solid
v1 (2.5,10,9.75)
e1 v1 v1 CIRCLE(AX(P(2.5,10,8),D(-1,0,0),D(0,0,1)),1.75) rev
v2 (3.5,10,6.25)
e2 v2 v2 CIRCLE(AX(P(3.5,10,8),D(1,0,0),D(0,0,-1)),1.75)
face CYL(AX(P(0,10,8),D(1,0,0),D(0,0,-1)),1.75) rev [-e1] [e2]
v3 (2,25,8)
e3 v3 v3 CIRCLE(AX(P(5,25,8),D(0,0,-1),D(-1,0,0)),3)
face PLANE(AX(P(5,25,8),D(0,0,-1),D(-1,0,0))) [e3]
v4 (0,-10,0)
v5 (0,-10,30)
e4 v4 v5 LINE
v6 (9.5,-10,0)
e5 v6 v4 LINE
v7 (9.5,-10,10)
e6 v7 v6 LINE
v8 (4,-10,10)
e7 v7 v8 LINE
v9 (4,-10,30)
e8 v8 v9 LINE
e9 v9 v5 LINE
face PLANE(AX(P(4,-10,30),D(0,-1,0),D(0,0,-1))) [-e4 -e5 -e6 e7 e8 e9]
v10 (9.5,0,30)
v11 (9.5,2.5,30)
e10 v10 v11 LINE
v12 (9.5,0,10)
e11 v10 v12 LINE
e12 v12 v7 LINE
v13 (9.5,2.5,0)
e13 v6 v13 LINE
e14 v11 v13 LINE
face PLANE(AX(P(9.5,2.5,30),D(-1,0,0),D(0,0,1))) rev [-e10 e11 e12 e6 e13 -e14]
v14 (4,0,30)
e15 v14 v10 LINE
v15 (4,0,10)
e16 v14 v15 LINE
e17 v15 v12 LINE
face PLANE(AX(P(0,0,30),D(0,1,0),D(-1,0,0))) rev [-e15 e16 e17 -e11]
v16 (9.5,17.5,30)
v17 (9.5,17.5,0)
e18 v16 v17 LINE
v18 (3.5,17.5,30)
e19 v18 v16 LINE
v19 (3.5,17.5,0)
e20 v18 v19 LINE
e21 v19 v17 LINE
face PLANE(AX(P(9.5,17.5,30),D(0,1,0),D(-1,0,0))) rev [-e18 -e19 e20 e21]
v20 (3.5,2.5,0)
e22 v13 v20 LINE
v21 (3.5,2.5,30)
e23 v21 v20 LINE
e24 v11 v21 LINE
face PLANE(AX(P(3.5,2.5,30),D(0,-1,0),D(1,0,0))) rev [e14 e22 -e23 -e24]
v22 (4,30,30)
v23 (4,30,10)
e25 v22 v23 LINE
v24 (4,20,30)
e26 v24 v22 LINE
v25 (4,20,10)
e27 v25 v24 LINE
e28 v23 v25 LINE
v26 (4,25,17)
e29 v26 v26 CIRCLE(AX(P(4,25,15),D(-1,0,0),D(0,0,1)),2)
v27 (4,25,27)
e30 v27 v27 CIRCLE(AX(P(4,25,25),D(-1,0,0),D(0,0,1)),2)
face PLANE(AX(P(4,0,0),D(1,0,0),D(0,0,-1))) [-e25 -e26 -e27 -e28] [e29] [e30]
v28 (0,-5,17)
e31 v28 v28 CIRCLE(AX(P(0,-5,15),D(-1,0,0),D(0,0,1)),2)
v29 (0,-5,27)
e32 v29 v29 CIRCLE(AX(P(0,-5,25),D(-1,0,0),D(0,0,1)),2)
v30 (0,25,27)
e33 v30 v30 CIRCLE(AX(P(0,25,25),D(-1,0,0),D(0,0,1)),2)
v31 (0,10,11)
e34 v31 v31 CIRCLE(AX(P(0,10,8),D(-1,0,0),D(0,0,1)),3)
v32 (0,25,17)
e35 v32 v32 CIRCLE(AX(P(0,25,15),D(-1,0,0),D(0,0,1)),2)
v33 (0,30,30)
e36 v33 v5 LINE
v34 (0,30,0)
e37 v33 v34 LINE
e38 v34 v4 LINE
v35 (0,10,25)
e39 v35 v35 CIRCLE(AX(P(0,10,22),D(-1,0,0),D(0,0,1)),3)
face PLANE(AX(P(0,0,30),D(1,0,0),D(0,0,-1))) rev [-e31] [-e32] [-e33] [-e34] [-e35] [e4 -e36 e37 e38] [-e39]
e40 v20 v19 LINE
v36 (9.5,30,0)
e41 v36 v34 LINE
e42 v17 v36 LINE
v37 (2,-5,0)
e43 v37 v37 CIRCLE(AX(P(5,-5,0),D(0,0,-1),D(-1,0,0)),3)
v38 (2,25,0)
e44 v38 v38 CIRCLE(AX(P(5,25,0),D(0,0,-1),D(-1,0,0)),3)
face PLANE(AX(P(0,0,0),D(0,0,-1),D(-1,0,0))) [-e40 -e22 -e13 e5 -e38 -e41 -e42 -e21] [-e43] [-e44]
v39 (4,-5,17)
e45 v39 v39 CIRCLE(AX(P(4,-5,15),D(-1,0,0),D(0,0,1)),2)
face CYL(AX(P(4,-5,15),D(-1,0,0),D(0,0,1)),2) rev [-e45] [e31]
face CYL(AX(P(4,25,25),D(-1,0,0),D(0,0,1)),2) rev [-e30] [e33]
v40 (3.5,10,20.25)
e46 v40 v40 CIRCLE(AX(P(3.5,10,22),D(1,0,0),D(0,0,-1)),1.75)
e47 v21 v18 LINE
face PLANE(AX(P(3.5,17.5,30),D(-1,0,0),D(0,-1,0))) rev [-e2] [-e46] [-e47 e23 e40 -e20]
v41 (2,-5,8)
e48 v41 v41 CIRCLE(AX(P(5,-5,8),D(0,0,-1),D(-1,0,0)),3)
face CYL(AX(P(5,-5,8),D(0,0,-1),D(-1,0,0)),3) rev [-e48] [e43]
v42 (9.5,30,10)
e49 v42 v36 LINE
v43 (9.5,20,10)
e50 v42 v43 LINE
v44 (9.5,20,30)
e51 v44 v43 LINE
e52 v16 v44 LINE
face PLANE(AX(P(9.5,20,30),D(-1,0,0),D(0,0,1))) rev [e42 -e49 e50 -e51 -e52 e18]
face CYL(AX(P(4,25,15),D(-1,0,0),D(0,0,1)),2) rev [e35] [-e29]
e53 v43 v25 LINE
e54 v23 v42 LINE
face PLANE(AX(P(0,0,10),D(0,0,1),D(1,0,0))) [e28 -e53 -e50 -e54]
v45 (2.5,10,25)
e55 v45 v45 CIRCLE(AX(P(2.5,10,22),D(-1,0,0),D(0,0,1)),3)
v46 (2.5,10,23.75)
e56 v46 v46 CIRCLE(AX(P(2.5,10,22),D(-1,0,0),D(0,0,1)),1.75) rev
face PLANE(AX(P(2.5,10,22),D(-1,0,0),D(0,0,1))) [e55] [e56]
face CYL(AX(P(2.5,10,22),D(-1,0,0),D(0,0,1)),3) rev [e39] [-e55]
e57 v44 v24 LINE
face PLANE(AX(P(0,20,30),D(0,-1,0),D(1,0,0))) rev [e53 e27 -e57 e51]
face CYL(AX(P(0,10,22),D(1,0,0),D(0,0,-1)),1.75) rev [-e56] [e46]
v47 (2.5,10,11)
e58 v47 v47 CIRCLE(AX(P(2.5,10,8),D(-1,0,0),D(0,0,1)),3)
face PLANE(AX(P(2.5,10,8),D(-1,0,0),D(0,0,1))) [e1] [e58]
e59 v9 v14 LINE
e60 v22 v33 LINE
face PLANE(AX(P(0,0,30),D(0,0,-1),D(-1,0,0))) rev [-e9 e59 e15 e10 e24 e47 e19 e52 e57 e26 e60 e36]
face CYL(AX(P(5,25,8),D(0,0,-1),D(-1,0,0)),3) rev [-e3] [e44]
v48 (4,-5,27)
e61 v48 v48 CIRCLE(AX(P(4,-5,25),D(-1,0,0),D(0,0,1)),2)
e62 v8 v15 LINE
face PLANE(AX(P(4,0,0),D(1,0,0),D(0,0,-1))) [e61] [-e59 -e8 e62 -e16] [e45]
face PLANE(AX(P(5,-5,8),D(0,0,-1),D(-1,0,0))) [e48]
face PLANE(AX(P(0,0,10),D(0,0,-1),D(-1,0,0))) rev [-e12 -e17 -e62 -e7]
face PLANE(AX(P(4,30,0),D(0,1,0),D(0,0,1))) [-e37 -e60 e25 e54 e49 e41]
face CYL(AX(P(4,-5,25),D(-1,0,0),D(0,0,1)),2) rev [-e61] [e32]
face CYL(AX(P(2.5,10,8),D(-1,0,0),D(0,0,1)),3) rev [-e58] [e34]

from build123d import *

# Parameters (mm, degrees)
BOSS_EXTRU_1_DEPTH      = 30
ESQUISSE2_R             = 1.75
ENL_V_MAT_EXTRU_1_DEPTH = 37.551333765
ESQUISSE3_R             = 3
ENL_V_MAT_EXTRU_2_DEPTH = 2.5
ESQUISSE4_W             = 30
ESQUISSE4_H             = 10
ESQUISSE4_R             = 2
BOSS_EXTRU_2_DEPTH      = 4
ESQUISSE5_W             = 9.5
ESQUISSE5_H             = 12.5
ESQUISSE5_H_2           = 10
BOSS_EXTRU_3_DEPTH      = 10
ESQUISSE6_R             = 3
ENL_V_MAT_EXTRU_3_DEPTH = 8


with BuildPart() as part:
    # Esquisse1 → Boss.-Extru.1 (new body)
    with BuildSketch(Plane.XY):
        Polygon((9.5, 20), (9.5, 17.5), (3.5, 17.5), (3.5, 2.5), (9.5, 2.5), (9.5, 0), (0, 0), (0, 20), align=None)
    extrude(amount=BOSS_EXTRU_1_DEPTH)

    # Esquisse2 → Enlèv. mat.-Extru.1 (cut, through all)
    with BuildSketch(Plane(origin=(3.5, 0, 0), x_dir=(0, 0, -1), z_dir=(1, 0, 0))):
        with Locations((-22, 10)):
            Circle(ESQUISSE2_R)
        with Locations((-8, 10)):
            Circle(ESQUISSE2_R)
    extrude(amount=-ENL_V_MAT_EXTRU_1_DEPTH, mode=Mode.SUBTRACT)

    # Esquisse3 → Enlèv. mat.-Extru.2 (cut)
    with BuildSketch(Plane.ZY):
        with Locations((8, 10)):
            Circle(ESQUISSE3_R)
        with Locations((22, 10)):
            Circle(ESQUISSE3_R)
    extrude(amount=-ENL_V_MAT_EXTRU_2_DEPTH, mode=Mode.SUBTRACT)

    # Esquisse4 → Boss.-Extru.2 (add)
    # profile 1 of 2: a face of its own
    with BuildSketch(Plane.ZY):
        with Locations((15, -5)):
            Rectangle(ESQUISSE4_W, ESQUISSE4_H)
        with Locations((15, -5)):
            Circle(ESQUISSE4_R, mode=Mode.SUBTRACT)
        with Locations((5, -5)):
            Circle(ESQUISSE4_R, mode=Mode.SUBTRACT)
        with Locations((25, -5)):
            Circle(ESQUISSE4_R, mode=Mode.SUBTRACT)
    # profile 2 of 2: a face of its own
    with BuildSketch(Plane.ZY):
        with Locations((15, 25)):
            Rectangle(ESQUISSE4_W, ESQUISSE4_H)
        with Locations((15, 25)):
            Circle(ESQUISSE4_R, mode=Mode.SUBTRACT)
        with Locations((5, 25)):
            Circle(ESQUISSE4_R, mode=Mode.SUBTRACT)
        with Locations((25, 25)):
            Circle(ESQUISSE4_R, mode=Mode.SUBTRACT)
    extrude(amount=-BOSS_EXTRU_2_DEPTH)

    # Esquisse5 → Boss.-Extru.3 (add)
    with BuildSketch(Plane(origin=(0, 0, 0), x_dir=(-1, 0, 0), z_dir=(0, 0, -1))):
        with Locations((-4.75, 23.75)):
            Rectangle(ESQUISSE5_W, ESQUISSE5_H)
        with Locations((-4.75, -5)):
            Rectangle(ESQUISSE5_W, ESQUISSE5_H_2)
    extrude(amount=-BOSS_EXTRU_3_DEPTH)

    # Esquisse6 → Enlèv. mat.-Extru.3 (cut)
    with BuildSketch(Plane(origin=(0, 0, 0), x_dir=(-1, 0, 0), z_dir=(0, 0, -1))):
        with Locations((-5, 25)):
            Circle(ESQUISSE6_R)
        with Locations((-5, -5)):
            Circle(ESQUISSE6_R)
    extrude(amount=-ENL_V_MAT_EXTRU_3_DEPTH, mode=Mode.SUBTRACT)


solid = part.part
